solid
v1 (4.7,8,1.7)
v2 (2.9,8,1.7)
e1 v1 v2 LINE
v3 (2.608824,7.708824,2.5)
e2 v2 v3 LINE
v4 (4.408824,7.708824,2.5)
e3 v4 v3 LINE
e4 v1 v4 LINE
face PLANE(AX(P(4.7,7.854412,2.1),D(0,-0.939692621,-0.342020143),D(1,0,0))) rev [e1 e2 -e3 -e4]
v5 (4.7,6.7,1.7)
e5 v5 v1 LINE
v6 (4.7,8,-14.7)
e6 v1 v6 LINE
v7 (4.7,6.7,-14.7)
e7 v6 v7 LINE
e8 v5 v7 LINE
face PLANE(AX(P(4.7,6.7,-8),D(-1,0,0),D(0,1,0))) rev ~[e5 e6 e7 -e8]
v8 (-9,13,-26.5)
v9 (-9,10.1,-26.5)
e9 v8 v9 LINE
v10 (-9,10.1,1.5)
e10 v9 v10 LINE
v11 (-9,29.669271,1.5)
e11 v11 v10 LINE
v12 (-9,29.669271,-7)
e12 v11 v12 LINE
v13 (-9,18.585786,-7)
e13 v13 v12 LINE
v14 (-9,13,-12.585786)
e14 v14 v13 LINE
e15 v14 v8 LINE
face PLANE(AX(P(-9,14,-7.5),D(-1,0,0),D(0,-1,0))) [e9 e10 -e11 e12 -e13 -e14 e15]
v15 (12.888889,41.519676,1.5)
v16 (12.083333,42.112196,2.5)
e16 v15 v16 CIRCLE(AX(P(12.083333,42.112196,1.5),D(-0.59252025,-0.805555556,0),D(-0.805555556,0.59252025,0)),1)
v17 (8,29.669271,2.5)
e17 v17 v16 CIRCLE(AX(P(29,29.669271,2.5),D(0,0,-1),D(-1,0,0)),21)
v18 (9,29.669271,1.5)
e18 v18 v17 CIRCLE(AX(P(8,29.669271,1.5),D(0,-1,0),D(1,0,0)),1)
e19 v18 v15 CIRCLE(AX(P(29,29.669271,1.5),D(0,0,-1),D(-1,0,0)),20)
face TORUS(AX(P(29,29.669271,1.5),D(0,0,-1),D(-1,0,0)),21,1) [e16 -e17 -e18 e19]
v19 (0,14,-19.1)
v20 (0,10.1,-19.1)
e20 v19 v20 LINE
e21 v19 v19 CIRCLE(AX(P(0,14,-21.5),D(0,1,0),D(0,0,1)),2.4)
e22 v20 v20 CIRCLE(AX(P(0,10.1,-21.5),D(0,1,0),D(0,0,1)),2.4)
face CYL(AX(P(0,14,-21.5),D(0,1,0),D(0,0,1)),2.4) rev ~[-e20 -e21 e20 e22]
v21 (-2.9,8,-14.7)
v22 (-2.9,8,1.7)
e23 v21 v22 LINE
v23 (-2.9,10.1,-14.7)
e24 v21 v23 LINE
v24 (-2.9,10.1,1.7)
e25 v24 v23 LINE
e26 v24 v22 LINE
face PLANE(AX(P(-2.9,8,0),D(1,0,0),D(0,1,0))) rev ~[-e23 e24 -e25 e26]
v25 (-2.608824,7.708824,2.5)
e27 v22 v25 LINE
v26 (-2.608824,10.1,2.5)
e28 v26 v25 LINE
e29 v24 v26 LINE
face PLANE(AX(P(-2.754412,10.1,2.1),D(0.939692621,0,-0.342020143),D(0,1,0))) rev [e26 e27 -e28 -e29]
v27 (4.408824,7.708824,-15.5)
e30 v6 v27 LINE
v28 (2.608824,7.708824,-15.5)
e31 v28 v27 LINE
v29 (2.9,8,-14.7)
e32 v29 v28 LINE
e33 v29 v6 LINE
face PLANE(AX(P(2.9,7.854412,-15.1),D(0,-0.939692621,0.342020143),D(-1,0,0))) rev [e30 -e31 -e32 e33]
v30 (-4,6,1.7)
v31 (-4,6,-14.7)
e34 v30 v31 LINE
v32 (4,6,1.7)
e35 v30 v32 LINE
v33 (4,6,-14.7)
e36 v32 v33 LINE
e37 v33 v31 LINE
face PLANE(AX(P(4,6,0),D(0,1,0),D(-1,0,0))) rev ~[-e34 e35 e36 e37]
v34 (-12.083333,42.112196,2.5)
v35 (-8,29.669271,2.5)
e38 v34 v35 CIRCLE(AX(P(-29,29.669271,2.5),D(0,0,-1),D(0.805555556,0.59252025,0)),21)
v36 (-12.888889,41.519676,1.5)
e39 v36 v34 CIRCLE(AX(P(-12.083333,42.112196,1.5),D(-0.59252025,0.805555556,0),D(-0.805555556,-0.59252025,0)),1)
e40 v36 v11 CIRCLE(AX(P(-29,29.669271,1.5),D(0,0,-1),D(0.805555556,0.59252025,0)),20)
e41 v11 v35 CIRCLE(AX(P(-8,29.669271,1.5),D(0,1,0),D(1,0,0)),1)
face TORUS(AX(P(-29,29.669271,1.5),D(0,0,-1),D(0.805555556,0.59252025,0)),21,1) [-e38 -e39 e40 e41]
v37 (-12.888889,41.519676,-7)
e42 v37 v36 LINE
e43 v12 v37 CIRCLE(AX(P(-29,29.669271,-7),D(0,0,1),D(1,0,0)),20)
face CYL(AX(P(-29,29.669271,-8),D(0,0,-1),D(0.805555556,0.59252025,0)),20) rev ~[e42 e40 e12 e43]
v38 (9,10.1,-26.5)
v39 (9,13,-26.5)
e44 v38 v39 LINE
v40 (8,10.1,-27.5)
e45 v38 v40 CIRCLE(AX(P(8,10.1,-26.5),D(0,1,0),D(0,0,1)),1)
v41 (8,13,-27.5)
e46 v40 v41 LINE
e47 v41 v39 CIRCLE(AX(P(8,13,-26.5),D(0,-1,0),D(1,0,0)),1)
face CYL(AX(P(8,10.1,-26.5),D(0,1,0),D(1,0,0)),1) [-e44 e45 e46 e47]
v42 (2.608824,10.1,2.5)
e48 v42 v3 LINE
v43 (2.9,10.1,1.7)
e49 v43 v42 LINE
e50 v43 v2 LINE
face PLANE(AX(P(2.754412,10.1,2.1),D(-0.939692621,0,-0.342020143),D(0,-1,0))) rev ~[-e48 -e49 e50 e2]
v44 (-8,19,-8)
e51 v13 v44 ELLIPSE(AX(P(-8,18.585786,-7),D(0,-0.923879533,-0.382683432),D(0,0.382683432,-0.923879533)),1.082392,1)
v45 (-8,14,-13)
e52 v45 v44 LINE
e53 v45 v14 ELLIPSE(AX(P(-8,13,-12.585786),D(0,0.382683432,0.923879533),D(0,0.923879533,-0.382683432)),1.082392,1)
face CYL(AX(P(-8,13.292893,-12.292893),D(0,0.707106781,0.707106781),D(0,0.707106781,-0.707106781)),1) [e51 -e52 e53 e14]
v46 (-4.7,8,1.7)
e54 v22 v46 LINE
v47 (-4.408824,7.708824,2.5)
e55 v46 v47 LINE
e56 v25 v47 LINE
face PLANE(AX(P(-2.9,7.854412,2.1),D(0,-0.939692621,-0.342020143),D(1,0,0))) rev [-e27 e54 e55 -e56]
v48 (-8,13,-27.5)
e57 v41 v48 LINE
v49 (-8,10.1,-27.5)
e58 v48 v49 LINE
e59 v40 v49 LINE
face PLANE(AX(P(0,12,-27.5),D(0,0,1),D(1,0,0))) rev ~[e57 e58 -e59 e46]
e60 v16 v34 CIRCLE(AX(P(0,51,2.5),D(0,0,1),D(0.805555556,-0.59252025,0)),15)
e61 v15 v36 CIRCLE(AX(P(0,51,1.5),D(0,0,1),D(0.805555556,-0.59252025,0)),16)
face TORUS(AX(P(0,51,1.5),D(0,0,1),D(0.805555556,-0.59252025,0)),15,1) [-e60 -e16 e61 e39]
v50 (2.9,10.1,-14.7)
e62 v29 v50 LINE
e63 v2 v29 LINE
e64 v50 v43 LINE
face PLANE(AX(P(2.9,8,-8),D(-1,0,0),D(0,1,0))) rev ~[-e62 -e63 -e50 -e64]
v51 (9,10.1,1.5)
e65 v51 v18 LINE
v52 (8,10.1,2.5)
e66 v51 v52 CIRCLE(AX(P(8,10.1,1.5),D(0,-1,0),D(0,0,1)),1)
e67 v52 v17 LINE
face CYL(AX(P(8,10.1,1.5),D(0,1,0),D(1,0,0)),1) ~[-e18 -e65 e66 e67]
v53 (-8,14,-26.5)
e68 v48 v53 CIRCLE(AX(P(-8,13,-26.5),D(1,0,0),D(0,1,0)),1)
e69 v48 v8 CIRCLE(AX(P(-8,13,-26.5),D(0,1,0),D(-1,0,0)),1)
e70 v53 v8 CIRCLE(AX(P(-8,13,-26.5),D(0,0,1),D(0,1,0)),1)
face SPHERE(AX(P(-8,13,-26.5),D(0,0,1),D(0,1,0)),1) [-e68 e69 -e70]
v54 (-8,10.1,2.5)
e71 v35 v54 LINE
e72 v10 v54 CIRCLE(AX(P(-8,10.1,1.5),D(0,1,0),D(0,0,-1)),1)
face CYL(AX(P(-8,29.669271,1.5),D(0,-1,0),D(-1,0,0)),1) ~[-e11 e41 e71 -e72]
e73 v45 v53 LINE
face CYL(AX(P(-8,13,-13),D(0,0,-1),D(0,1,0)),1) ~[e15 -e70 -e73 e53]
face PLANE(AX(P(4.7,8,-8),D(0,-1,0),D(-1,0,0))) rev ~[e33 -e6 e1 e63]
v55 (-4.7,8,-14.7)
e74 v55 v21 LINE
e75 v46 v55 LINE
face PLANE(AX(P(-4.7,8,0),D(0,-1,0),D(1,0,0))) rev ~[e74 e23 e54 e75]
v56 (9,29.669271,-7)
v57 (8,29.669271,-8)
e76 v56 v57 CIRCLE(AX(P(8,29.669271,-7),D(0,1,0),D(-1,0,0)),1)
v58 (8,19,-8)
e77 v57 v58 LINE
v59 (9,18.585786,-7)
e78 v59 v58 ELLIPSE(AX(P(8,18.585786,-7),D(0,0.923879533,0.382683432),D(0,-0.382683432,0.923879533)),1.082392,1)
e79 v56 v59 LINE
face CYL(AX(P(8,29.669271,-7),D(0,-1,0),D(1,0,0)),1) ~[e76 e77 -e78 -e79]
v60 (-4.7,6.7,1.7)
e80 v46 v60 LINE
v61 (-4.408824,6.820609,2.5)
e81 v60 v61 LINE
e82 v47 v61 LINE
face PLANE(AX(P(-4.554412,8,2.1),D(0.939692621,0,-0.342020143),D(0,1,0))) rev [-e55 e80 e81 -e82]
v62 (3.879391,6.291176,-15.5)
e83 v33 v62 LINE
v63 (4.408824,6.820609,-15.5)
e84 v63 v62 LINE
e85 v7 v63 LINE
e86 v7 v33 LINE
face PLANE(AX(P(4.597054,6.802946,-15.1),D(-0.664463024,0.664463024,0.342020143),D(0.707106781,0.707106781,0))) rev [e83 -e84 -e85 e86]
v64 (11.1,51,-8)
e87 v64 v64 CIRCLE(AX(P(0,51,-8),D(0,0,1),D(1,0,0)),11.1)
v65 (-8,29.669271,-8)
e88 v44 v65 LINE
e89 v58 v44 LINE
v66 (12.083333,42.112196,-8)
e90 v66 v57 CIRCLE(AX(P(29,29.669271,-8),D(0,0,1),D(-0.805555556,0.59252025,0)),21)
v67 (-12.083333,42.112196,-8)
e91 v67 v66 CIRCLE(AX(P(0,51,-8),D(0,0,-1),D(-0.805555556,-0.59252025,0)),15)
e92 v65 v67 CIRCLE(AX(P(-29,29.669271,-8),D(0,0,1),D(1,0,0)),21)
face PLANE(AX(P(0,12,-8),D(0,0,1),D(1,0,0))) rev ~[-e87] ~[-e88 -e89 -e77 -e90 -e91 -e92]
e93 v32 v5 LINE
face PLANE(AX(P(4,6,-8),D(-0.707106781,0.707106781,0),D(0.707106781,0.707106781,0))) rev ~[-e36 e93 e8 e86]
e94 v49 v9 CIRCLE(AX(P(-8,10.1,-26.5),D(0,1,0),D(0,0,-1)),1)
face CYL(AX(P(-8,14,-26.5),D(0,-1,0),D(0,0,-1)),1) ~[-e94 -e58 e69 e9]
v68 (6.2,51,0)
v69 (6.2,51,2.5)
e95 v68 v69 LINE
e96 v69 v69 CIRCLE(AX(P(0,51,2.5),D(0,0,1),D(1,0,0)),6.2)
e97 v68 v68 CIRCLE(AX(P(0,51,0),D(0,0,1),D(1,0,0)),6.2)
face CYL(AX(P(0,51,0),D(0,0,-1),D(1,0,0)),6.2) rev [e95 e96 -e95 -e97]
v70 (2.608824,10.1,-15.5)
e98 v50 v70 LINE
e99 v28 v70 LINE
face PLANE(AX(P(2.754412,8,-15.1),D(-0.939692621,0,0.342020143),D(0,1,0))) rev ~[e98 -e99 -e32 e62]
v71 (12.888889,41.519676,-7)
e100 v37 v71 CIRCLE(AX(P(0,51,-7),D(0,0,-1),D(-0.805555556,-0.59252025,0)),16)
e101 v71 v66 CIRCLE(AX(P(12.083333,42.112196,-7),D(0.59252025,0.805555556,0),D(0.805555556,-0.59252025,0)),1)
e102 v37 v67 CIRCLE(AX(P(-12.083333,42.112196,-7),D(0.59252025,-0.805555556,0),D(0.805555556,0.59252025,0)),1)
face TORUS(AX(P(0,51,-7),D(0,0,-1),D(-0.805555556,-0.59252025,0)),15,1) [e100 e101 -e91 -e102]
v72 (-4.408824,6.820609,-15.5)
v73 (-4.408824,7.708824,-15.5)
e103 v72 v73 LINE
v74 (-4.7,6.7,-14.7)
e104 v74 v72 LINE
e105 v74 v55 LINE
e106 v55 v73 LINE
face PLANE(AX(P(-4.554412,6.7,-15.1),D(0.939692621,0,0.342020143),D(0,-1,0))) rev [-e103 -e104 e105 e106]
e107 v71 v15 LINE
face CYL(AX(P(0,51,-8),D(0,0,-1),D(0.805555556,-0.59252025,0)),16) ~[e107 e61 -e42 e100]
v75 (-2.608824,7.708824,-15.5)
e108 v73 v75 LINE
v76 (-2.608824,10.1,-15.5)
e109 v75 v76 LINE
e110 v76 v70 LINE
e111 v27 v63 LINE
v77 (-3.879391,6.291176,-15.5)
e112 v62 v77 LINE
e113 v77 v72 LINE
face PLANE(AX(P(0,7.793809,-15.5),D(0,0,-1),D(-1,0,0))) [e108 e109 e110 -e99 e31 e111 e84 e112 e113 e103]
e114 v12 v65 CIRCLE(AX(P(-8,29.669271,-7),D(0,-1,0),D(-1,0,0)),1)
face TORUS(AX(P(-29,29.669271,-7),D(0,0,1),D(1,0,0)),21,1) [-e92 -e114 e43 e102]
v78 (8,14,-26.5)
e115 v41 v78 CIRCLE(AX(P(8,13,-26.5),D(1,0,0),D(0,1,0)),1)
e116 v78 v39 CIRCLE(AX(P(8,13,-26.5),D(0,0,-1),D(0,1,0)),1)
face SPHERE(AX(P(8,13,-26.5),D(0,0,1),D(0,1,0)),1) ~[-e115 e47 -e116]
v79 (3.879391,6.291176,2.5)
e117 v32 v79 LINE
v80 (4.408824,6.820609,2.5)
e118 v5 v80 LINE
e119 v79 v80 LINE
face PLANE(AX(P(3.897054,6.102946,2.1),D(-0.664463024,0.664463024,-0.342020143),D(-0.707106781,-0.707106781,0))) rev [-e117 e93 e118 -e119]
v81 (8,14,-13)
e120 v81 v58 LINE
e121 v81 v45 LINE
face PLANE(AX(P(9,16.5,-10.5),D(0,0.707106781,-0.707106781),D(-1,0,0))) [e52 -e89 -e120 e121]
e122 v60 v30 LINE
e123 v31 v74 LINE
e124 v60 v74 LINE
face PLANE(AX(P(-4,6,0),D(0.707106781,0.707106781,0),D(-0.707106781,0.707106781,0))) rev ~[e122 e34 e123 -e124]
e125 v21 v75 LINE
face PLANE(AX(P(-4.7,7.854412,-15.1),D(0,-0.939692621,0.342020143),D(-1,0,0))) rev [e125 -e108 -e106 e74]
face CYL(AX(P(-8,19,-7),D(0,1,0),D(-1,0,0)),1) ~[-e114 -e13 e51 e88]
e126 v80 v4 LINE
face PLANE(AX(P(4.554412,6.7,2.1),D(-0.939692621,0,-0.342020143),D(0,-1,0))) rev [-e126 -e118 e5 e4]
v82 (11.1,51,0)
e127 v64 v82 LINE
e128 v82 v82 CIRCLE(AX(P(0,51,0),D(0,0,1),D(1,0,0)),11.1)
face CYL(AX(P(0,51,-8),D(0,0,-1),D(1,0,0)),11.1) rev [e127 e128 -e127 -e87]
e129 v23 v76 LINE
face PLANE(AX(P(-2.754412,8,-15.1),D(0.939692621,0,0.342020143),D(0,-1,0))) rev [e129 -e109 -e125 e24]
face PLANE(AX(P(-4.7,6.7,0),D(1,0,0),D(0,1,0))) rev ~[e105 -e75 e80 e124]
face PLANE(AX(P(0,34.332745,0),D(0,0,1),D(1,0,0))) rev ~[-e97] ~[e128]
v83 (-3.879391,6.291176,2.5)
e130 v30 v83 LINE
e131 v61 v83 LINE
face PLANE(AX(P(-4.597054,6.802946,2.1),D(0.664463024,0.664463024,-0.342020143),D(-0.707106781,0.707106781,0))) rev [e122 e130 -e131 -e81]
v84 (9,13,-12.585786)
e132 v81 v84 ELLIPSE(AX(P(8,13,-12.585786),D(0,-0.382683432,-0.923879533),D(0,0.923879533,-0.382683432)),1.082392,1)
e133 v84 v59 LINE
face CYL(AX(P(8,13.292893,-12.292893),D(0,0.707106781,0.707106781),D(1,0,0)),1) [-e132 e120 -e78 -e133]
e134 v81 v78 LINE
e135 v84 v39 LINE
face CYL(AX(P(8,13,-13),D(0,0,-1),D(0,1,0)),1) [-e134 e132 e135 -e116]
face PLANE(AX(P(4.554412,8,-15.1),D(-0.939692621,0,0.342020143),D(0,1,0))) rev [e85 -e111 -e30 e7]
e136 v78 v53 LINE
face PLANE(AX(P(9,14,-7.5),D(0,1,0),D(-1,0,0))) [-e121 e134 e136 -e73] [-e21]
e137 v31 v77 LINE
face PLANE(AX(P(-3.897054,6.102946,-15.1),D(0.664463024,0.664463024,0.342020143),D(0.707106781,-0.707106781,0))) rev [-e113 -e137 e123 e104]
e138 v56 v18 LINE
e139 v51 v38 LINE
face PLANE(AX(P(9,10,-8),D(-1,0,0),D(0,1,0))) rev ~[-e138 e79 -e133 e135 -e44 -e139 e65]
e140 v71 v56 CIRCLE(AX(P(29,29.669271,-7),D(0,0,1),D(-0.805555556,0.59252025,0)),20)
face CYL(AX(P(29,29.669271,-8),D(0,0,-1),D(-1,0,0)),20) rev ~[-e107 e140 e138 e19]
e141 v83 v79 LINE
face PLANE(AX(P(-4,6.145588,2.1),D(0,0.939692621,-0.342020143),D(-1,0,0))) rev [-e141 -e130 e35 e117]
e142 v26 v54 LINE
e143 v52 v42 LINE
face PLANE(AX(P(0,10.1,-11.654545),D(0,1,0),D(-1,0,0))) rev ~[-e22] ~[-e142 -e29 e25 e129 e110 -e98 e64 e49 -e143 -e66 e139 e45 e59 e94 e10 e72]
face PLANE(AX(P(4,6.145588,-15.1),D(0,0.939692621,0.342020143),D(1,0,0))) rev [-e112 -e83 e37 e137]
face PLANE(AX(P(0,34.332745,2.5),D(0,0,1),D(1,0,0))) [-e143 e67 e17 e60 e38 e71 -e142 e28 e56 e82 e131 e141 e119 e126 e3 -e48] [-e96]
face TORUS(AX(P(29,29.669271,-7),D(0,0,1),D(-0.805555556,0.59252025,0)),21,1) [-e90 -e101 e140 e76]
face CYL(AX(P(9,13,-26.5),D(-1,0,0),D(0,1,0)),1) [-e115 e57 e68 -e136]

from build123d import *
from OCP.BRepFilletAPI import BRepFilletAPI_MakeChamfer

# Parameters (mm, degrees)
SKETCH_1_R          = 6.2
EXTRUDE_1_DEPTH     = 2.5
EXTRUDE_START       = -8
SKETCH_1_13_R       = 11.1
SKETCH_1_13_R_2     = 6.2
EXTRUDE_5_DEPTH     = 8
EXTRUDE_START_2     = -7.5
EXTRUDE_2_DEPTH     = 20
EXTRUDE_3_DEPTH     = 15.5
SKETCH_4_R          = 2.4
CUT_EXTRUDE_3_DEPTH = 62.816259997
CUT_EXTRUDE_5_DEPTH = 0.1
CHAMFER_3_SIZE      = 0.8
CHAMFER_3_SIZE2     = 0.291176187
CHAMFER_4_SIZE      = 5
FILLET_1_R          = 1


with BuildPart() as part:
    # 草图1 → 凸台-拉伸1 (new body)
    with BuildSketch(Plane.XY):
        with BuildLine():
            Line((2.9, 10), (9, 10))
            Line((9, 10), (9, 29.669270992))
            ThreePointArc((9, 29.669270992), (9.997076248, 35.905366637), (12.888888889, 41.519675997))
            ThreePointArc((12.888888889, 41.519675997), (0, 67), (-12.888888889, 41.519675997))
            ThreePointArc((-12.888888889, 41.519675997), (-9.997076248, 35.905366637), (-9, 29.669270992))
            Line((-9, 29.669270992), (-9, 10))
            Line((-9, 10), (-2.9, 10))
            Line((-2.9, 10), (-2.9, 8))
            Line((-2.9, 8), (-4.7, 8))
            Line((-4.7, 8), (-4.7, 6.7))
            Line((-4.7, 6.7), (-4, 6))
            Line((-4, 6), (4, 6))
            Line((4, 6), (4.7, 6.7))
            Line((4.7, 6.7), (4.7, 8))
            Line((4.7, 8), (2.9, 8))
            Line((2.9, 8), (2.9, 10))
        make_face()
        with Locations((0, 51)):
            Circle(SKETCH_1_R, mode=Mode.SUBTRACT)
    extrude(amount=EXTRUDE_1_DEPTH)

    # 草图1<13> → 凸台-拉伸5 (add)
    # profile 1 of 4: a face of its own
    with BuildSketch(Plane.XY.offset(EXTRUDE_START)):
        Polygon((2.9, 10), (9, 10), (9, 14), (-9, 14), (-9, 10), (-2.9, 10), align=None)
    # profile 2 of 4: a face of its own
    with BuildSketch(Plane.XY.offset(EXTRUDE_START)):
        Polygon((2.9, 8), (2.9, 10), (-2.9, 10), (-2.9, 8), (-4.7, 8), (-4.7, 6.7), (-4, 6), (4, 6), (4.7, 6.7), (4.7, 8), align=None)
    # profile 3 of 4: a face of its own
    with BuildSketch(Plane.XY.offset(EXTRUDE_START)):
        with BuildLine():
            Line((-9, 14), (9, 14))
            Line((9, 14), (9, 29.669270992))
            ThreePointArc((9, 29.669270992), (9.997076248, 35.905366637), (12.888888889, 41.519675997))
            ThreePointArc((12.888888889, 41.519675997), (0, 67), (-12.888888889, 41.519675997))
            ThreePointArc((-12.888888889, 41.519675997), (-9.997076248, 35.905366637), (-9, 29.669270992))
            Line((-9, 29.669270992), (-9, 14))
        make_face()
        with Locations((0, 51)):
            Circle(SKETCH_1_13_R, mode=Mode.SUBTRACT)
    # profile 4 of 4: a face of its own
    with BuildSketch(Plane.XY.offset(EXTRUDE_START)):
        with Locations((0, 51)):
            Circle(SKETCH_1_13_R_2)
    extrude(amount=EXTRUDE_5_DEPTH)


with BuildPart() as extrude_5_kept_piece:
    # of the separate pieces the step leaves, the one the design keeps (extrude_5_pieces_kept)
    add(part.part.solids().sort_by_distance((2.9, 10, 2.5))[0])

    # 草图1<10> → 凸台-拉伸2 (add)
    with BuildSketch(Plane.XY.offset(EXTRUDE_START_2)):
        Polygon((2.9, 10), (9, 10), (9, 14), (-9, 14), (-9, 10), (-2.9, 10), align=None)
    extrude(amount=-EXTRUDE_2_DEPTH)

    # 草图1<11> → 凸台-拉伸3 (add)
    with BuildSketch(Plane.XY):
        Polygon((2.9, 8), (4.7, 8), (4.7, 6.7), (4, 6), (-4, 6), (-4.7, 6.7), (-4.7, 8), (-2.9, 8), (-2.9, 10), (2.9, 10), align=None)
    extrude(amount=-EXTRUDE_3_DEPTH)

    # 草图4 → 切除-拉伸3 (cut, through all)
    with BuildSketch(Plane(origin=(0, 14, 0), x_dir=(1, 0, 0), z_dir=(0, 1, 0))):
        with Locations(Location((0, 21.5, 0), (0, 0, 270))):
            Circle(SKETCH_4_R)
    extrude(amount=-CUT_EXTRUDE_3_DEPTH, mode=Mode.SUBTRACT)

    # 草图7 → 切除-拉伸5 (cut)
    with BuildSketch(Plane.XZ.offset(-10)):
        Polygon((2.9, 2.5), (9, 2.5), (9, -27.5), (-9, -27.5), (-9, 2.5), (-2.9, 2.5), (-2.9, -15.5), (2.9, -15.5), align=None)
    extrude(amount=-CUT_EXTRUDE_5_DEPTH, mode=Mode.SUBTRACT)

    # 倒角3: one chamfer whose edges measure the first distance from different faces: ONE call of the kernel's chamfer builder (chamfer() names one face for all edges)
    chamfer_3_edges_1 = [extrude_5_kept_piece.edges().sort_by_distance(p)[0] for p in [
        (2.9, 9.05, -15.5),
        (2.9, 9.05, 2.5),
    ]]
    chamfer_3_side_1 = [extrude_5_kept_piece.faces().sort_by_distance(p)[0] for p in [
        (2.9, 9.05, -6.5),
    ]]
    chamfer_3_edges_2 = [extrude_5_kept_piece.edges().sort_by_distance(p)[0] for p in [
        (4.7, 7.35, -15.5),
        (4.7, 7.35, 2.5),
    ]]
    chamfer_3_side_2 = [extrude_5_kept_piece.faces().sort_by_distance(p)[0] for p in [
        (4.7, 7.35, -6.5),
    ]]
    chamfer_3_edges_3 = [extrude_5_kept_piece.edges().sort_by_distance(p)[0] for p in [
        (4.35, 6.35, -15.5),
        (4.35, 6.35, 2.5),
    ]]
    chamfer_3_side_3 = [extrude_5_kept_piece.faces().sort_by_distance(p)[0] for p in [
        (4.35, 6.35, -6.5),
    ]]
    chamfer_3_edges_4 = [extrude_5_kept_piece.edges().sort_by_distance(p)[0] for p in [
        (3.8, 8, -15.5),
        (3.8, 8, 2.5),
    ]]
    chamfer_3_side_4 = [extrude_5_kept_piece.faces().sort_by_distance(p)[0] for p in [
        (3.8, 8, -6.5),
    ]]
    chamfer_3_edges_5 = [extrude_5_kept_piece.edges().sort_by_distance(p)[0] for p in [
        (0, 6, -15.5),
        (0, 6, 2.5),
    ]]
    chamfer_3_side_5 = [extrude_5_kept_piece.faces().sort_by_distance(p)[0] for p in [
        (0, 6, -6.5),
    ]]
    chamfer_3_edges_6 = [extrude_5_kept_piece.edges().sort_by_distance(p)[0] for p in [
        (-4.35, 6.35, -15.5),
        (-4.35, 6.35, 2.5),
    ]]
    chamfer_3_side_6 = [extrude_5_kept_piece.faces().sort_by_distance(p)[0] for p in [
        (-4.35, 6.35, -6.5),
    ]]
    chamfer_3_edges_7 = [extrude_5_kept_piece.edges().sort_by_distance(p)[0] for p in [
        (-4.7, 7.35, -15.5),
        (-4.7, 7.35, 2.5),
    ]]
    chamfer_3_side_7 = [extrude_5_kept_piece.faces().sort_by_distance(p)[0] for p in [
        (-4.7, 7.35, -6.5),
    ]]
    chamfer_3_edges_8 = [extrude_5_kept_piece.edges().sort_by_distance(p)[0] for p in [
        (-3.8, 8, -15.5),
        (-3.8, 8, 2.5),
    ]]
    chamfer_3_side_8 = [extrude_5_kept_piece.faces().sort_by_distance(p)[0] for p in [
        (-3.8, 8, -6.5),
    ]]
    chamfer_3_edges_9 = [extrude_5_kept_piece.edges().sort_by_distance(p)[0] for p in [
        (-2.9, 9.05, -15.5),
        (-2.9, 9.05, 2.5),
    ]]
    chamfer_3_side_9 = [extrude_5_kept_piece.faces().sort_by_distance(p)[0] for p in [
        (-2.9, 9.05, -6.5),
    ]]
    chamfer_3 = BRepFilletAPI_MakeChamfer(extrude_5_kept_piece.part.solid().wrapped)
    for e in chamfer_3_edges_1:
        chamfer_3.Add(CHAMFER_3_SIZE, CHAMFER_3_SIZE2, e.wrapped, chamfer_3_side_1[0].wrapped)  # the first distance lies on this face
    for e in chamfer_3_edges_2:
        chamfer_3.Add(CHAMFER_3_SIZE, CHAMFER_3_SIZE2, e.wrapped, chamfer_3_side_2[0].wrapped)  # the first distance lies on this face
    for e in chamfer_3_edges_3:
        chamfer_3.Add(CHAMFER_3_SIZE, CHAMFER_3_SIZE2, e.wrapped, chamfer_3_side_3[0].wrapped)  # the first distance lies on this face
    for e in chamfer_3_edges_4:
        chamfer_3.Add(CHAMFER_3_SIZE, CHAMFER_3_SIZE2, e.wrapped, chamfer_3_side_4[0].wrapped)  # the first distance lies on this face
    for e in chamfer_3_edges_5:
        chamfer_3.Add(CHAMFER_3_SIZE, CHAMFER_3_SIZE2, e.wrapped, chamfer_3_side_5[0].wrapped)  # the first distance lies on this face
    for e in chamfer_3_edges_6:
        chamfer_3.Add(CHAMFER_3_SIZE, CHAMFER_3_SIZE2, e.wrapped, chamfer_3_side_6[0].wrapped)  # the first distance lies on this face
    for e in chamfer_3_edges_7:
        chamfer_3.Add(CHAMFER_3_SIZE, CHAMFER_3_SIZE2, e.wrapped, chamfer_3_side_7[0].wrapped)  # the first distance lies on this face
    for e in chamfer_3_edges_8:
        chamfer_3.Add(CHAMFER_3_SIZE, CHAMFER_3_SIZE2, e.wrapped, chamfer_3_side_8[0].wrapped)  # the first distance lies on this face
    for e in chamfer_3_edges_9:
        chamfer_3.Add(CHAMFER_3_SIZE, CHAMFER_3_SIZE2, e.wrapped, chamfer_3_side_9[0].wrapped)  # the first distance lies on this face
    add(Compound.cast(chamfer_3.Shape()), mode=Mode.REPLACE)

    # 倒角4
    chamfer_4_edges = [extrude_5_kept_piece.edges().sort_by_distance(p)[0] for p in [
        (0, 14, -8),
    ]]
    chamfer(chamfer_4_edges, length=CHAMFER_4_SIZE)

    # 圆角1
    fillet_1_edges = [extrude_5_kept_piece.edges().sort_by_distance(p)[0] for p in [
        (-9, 14, -20.25),
        (9, 14, -20.25),
        (0, 14, -27.5),
        (-9, 12.05, -27.5),
        (9, 12.05, -27.5),
        (9, 19.884635496, 2.5),
        (-9, 19.884635496, 2.5),
        (9.997076248, 35.905366637, 2.5),
        (0, 67, 2.5),
        (-9, 24.334635496, -8),
        (9, 24.334635496, -8),
        (9, 16.5, -10.5),
        (-9, 16.5, -10.5),
        (-9.997076248, 35.905366637, 2.5),
        (0, 67, -8),
        (9.997076248, 35.905366637, -8),
        (-9.997076248, 35.905366637, -8),
    ]]
    fillet(fillet_1_edges, radius=FILLET_1_R)


solid = extrude_5_kept_piece.part
